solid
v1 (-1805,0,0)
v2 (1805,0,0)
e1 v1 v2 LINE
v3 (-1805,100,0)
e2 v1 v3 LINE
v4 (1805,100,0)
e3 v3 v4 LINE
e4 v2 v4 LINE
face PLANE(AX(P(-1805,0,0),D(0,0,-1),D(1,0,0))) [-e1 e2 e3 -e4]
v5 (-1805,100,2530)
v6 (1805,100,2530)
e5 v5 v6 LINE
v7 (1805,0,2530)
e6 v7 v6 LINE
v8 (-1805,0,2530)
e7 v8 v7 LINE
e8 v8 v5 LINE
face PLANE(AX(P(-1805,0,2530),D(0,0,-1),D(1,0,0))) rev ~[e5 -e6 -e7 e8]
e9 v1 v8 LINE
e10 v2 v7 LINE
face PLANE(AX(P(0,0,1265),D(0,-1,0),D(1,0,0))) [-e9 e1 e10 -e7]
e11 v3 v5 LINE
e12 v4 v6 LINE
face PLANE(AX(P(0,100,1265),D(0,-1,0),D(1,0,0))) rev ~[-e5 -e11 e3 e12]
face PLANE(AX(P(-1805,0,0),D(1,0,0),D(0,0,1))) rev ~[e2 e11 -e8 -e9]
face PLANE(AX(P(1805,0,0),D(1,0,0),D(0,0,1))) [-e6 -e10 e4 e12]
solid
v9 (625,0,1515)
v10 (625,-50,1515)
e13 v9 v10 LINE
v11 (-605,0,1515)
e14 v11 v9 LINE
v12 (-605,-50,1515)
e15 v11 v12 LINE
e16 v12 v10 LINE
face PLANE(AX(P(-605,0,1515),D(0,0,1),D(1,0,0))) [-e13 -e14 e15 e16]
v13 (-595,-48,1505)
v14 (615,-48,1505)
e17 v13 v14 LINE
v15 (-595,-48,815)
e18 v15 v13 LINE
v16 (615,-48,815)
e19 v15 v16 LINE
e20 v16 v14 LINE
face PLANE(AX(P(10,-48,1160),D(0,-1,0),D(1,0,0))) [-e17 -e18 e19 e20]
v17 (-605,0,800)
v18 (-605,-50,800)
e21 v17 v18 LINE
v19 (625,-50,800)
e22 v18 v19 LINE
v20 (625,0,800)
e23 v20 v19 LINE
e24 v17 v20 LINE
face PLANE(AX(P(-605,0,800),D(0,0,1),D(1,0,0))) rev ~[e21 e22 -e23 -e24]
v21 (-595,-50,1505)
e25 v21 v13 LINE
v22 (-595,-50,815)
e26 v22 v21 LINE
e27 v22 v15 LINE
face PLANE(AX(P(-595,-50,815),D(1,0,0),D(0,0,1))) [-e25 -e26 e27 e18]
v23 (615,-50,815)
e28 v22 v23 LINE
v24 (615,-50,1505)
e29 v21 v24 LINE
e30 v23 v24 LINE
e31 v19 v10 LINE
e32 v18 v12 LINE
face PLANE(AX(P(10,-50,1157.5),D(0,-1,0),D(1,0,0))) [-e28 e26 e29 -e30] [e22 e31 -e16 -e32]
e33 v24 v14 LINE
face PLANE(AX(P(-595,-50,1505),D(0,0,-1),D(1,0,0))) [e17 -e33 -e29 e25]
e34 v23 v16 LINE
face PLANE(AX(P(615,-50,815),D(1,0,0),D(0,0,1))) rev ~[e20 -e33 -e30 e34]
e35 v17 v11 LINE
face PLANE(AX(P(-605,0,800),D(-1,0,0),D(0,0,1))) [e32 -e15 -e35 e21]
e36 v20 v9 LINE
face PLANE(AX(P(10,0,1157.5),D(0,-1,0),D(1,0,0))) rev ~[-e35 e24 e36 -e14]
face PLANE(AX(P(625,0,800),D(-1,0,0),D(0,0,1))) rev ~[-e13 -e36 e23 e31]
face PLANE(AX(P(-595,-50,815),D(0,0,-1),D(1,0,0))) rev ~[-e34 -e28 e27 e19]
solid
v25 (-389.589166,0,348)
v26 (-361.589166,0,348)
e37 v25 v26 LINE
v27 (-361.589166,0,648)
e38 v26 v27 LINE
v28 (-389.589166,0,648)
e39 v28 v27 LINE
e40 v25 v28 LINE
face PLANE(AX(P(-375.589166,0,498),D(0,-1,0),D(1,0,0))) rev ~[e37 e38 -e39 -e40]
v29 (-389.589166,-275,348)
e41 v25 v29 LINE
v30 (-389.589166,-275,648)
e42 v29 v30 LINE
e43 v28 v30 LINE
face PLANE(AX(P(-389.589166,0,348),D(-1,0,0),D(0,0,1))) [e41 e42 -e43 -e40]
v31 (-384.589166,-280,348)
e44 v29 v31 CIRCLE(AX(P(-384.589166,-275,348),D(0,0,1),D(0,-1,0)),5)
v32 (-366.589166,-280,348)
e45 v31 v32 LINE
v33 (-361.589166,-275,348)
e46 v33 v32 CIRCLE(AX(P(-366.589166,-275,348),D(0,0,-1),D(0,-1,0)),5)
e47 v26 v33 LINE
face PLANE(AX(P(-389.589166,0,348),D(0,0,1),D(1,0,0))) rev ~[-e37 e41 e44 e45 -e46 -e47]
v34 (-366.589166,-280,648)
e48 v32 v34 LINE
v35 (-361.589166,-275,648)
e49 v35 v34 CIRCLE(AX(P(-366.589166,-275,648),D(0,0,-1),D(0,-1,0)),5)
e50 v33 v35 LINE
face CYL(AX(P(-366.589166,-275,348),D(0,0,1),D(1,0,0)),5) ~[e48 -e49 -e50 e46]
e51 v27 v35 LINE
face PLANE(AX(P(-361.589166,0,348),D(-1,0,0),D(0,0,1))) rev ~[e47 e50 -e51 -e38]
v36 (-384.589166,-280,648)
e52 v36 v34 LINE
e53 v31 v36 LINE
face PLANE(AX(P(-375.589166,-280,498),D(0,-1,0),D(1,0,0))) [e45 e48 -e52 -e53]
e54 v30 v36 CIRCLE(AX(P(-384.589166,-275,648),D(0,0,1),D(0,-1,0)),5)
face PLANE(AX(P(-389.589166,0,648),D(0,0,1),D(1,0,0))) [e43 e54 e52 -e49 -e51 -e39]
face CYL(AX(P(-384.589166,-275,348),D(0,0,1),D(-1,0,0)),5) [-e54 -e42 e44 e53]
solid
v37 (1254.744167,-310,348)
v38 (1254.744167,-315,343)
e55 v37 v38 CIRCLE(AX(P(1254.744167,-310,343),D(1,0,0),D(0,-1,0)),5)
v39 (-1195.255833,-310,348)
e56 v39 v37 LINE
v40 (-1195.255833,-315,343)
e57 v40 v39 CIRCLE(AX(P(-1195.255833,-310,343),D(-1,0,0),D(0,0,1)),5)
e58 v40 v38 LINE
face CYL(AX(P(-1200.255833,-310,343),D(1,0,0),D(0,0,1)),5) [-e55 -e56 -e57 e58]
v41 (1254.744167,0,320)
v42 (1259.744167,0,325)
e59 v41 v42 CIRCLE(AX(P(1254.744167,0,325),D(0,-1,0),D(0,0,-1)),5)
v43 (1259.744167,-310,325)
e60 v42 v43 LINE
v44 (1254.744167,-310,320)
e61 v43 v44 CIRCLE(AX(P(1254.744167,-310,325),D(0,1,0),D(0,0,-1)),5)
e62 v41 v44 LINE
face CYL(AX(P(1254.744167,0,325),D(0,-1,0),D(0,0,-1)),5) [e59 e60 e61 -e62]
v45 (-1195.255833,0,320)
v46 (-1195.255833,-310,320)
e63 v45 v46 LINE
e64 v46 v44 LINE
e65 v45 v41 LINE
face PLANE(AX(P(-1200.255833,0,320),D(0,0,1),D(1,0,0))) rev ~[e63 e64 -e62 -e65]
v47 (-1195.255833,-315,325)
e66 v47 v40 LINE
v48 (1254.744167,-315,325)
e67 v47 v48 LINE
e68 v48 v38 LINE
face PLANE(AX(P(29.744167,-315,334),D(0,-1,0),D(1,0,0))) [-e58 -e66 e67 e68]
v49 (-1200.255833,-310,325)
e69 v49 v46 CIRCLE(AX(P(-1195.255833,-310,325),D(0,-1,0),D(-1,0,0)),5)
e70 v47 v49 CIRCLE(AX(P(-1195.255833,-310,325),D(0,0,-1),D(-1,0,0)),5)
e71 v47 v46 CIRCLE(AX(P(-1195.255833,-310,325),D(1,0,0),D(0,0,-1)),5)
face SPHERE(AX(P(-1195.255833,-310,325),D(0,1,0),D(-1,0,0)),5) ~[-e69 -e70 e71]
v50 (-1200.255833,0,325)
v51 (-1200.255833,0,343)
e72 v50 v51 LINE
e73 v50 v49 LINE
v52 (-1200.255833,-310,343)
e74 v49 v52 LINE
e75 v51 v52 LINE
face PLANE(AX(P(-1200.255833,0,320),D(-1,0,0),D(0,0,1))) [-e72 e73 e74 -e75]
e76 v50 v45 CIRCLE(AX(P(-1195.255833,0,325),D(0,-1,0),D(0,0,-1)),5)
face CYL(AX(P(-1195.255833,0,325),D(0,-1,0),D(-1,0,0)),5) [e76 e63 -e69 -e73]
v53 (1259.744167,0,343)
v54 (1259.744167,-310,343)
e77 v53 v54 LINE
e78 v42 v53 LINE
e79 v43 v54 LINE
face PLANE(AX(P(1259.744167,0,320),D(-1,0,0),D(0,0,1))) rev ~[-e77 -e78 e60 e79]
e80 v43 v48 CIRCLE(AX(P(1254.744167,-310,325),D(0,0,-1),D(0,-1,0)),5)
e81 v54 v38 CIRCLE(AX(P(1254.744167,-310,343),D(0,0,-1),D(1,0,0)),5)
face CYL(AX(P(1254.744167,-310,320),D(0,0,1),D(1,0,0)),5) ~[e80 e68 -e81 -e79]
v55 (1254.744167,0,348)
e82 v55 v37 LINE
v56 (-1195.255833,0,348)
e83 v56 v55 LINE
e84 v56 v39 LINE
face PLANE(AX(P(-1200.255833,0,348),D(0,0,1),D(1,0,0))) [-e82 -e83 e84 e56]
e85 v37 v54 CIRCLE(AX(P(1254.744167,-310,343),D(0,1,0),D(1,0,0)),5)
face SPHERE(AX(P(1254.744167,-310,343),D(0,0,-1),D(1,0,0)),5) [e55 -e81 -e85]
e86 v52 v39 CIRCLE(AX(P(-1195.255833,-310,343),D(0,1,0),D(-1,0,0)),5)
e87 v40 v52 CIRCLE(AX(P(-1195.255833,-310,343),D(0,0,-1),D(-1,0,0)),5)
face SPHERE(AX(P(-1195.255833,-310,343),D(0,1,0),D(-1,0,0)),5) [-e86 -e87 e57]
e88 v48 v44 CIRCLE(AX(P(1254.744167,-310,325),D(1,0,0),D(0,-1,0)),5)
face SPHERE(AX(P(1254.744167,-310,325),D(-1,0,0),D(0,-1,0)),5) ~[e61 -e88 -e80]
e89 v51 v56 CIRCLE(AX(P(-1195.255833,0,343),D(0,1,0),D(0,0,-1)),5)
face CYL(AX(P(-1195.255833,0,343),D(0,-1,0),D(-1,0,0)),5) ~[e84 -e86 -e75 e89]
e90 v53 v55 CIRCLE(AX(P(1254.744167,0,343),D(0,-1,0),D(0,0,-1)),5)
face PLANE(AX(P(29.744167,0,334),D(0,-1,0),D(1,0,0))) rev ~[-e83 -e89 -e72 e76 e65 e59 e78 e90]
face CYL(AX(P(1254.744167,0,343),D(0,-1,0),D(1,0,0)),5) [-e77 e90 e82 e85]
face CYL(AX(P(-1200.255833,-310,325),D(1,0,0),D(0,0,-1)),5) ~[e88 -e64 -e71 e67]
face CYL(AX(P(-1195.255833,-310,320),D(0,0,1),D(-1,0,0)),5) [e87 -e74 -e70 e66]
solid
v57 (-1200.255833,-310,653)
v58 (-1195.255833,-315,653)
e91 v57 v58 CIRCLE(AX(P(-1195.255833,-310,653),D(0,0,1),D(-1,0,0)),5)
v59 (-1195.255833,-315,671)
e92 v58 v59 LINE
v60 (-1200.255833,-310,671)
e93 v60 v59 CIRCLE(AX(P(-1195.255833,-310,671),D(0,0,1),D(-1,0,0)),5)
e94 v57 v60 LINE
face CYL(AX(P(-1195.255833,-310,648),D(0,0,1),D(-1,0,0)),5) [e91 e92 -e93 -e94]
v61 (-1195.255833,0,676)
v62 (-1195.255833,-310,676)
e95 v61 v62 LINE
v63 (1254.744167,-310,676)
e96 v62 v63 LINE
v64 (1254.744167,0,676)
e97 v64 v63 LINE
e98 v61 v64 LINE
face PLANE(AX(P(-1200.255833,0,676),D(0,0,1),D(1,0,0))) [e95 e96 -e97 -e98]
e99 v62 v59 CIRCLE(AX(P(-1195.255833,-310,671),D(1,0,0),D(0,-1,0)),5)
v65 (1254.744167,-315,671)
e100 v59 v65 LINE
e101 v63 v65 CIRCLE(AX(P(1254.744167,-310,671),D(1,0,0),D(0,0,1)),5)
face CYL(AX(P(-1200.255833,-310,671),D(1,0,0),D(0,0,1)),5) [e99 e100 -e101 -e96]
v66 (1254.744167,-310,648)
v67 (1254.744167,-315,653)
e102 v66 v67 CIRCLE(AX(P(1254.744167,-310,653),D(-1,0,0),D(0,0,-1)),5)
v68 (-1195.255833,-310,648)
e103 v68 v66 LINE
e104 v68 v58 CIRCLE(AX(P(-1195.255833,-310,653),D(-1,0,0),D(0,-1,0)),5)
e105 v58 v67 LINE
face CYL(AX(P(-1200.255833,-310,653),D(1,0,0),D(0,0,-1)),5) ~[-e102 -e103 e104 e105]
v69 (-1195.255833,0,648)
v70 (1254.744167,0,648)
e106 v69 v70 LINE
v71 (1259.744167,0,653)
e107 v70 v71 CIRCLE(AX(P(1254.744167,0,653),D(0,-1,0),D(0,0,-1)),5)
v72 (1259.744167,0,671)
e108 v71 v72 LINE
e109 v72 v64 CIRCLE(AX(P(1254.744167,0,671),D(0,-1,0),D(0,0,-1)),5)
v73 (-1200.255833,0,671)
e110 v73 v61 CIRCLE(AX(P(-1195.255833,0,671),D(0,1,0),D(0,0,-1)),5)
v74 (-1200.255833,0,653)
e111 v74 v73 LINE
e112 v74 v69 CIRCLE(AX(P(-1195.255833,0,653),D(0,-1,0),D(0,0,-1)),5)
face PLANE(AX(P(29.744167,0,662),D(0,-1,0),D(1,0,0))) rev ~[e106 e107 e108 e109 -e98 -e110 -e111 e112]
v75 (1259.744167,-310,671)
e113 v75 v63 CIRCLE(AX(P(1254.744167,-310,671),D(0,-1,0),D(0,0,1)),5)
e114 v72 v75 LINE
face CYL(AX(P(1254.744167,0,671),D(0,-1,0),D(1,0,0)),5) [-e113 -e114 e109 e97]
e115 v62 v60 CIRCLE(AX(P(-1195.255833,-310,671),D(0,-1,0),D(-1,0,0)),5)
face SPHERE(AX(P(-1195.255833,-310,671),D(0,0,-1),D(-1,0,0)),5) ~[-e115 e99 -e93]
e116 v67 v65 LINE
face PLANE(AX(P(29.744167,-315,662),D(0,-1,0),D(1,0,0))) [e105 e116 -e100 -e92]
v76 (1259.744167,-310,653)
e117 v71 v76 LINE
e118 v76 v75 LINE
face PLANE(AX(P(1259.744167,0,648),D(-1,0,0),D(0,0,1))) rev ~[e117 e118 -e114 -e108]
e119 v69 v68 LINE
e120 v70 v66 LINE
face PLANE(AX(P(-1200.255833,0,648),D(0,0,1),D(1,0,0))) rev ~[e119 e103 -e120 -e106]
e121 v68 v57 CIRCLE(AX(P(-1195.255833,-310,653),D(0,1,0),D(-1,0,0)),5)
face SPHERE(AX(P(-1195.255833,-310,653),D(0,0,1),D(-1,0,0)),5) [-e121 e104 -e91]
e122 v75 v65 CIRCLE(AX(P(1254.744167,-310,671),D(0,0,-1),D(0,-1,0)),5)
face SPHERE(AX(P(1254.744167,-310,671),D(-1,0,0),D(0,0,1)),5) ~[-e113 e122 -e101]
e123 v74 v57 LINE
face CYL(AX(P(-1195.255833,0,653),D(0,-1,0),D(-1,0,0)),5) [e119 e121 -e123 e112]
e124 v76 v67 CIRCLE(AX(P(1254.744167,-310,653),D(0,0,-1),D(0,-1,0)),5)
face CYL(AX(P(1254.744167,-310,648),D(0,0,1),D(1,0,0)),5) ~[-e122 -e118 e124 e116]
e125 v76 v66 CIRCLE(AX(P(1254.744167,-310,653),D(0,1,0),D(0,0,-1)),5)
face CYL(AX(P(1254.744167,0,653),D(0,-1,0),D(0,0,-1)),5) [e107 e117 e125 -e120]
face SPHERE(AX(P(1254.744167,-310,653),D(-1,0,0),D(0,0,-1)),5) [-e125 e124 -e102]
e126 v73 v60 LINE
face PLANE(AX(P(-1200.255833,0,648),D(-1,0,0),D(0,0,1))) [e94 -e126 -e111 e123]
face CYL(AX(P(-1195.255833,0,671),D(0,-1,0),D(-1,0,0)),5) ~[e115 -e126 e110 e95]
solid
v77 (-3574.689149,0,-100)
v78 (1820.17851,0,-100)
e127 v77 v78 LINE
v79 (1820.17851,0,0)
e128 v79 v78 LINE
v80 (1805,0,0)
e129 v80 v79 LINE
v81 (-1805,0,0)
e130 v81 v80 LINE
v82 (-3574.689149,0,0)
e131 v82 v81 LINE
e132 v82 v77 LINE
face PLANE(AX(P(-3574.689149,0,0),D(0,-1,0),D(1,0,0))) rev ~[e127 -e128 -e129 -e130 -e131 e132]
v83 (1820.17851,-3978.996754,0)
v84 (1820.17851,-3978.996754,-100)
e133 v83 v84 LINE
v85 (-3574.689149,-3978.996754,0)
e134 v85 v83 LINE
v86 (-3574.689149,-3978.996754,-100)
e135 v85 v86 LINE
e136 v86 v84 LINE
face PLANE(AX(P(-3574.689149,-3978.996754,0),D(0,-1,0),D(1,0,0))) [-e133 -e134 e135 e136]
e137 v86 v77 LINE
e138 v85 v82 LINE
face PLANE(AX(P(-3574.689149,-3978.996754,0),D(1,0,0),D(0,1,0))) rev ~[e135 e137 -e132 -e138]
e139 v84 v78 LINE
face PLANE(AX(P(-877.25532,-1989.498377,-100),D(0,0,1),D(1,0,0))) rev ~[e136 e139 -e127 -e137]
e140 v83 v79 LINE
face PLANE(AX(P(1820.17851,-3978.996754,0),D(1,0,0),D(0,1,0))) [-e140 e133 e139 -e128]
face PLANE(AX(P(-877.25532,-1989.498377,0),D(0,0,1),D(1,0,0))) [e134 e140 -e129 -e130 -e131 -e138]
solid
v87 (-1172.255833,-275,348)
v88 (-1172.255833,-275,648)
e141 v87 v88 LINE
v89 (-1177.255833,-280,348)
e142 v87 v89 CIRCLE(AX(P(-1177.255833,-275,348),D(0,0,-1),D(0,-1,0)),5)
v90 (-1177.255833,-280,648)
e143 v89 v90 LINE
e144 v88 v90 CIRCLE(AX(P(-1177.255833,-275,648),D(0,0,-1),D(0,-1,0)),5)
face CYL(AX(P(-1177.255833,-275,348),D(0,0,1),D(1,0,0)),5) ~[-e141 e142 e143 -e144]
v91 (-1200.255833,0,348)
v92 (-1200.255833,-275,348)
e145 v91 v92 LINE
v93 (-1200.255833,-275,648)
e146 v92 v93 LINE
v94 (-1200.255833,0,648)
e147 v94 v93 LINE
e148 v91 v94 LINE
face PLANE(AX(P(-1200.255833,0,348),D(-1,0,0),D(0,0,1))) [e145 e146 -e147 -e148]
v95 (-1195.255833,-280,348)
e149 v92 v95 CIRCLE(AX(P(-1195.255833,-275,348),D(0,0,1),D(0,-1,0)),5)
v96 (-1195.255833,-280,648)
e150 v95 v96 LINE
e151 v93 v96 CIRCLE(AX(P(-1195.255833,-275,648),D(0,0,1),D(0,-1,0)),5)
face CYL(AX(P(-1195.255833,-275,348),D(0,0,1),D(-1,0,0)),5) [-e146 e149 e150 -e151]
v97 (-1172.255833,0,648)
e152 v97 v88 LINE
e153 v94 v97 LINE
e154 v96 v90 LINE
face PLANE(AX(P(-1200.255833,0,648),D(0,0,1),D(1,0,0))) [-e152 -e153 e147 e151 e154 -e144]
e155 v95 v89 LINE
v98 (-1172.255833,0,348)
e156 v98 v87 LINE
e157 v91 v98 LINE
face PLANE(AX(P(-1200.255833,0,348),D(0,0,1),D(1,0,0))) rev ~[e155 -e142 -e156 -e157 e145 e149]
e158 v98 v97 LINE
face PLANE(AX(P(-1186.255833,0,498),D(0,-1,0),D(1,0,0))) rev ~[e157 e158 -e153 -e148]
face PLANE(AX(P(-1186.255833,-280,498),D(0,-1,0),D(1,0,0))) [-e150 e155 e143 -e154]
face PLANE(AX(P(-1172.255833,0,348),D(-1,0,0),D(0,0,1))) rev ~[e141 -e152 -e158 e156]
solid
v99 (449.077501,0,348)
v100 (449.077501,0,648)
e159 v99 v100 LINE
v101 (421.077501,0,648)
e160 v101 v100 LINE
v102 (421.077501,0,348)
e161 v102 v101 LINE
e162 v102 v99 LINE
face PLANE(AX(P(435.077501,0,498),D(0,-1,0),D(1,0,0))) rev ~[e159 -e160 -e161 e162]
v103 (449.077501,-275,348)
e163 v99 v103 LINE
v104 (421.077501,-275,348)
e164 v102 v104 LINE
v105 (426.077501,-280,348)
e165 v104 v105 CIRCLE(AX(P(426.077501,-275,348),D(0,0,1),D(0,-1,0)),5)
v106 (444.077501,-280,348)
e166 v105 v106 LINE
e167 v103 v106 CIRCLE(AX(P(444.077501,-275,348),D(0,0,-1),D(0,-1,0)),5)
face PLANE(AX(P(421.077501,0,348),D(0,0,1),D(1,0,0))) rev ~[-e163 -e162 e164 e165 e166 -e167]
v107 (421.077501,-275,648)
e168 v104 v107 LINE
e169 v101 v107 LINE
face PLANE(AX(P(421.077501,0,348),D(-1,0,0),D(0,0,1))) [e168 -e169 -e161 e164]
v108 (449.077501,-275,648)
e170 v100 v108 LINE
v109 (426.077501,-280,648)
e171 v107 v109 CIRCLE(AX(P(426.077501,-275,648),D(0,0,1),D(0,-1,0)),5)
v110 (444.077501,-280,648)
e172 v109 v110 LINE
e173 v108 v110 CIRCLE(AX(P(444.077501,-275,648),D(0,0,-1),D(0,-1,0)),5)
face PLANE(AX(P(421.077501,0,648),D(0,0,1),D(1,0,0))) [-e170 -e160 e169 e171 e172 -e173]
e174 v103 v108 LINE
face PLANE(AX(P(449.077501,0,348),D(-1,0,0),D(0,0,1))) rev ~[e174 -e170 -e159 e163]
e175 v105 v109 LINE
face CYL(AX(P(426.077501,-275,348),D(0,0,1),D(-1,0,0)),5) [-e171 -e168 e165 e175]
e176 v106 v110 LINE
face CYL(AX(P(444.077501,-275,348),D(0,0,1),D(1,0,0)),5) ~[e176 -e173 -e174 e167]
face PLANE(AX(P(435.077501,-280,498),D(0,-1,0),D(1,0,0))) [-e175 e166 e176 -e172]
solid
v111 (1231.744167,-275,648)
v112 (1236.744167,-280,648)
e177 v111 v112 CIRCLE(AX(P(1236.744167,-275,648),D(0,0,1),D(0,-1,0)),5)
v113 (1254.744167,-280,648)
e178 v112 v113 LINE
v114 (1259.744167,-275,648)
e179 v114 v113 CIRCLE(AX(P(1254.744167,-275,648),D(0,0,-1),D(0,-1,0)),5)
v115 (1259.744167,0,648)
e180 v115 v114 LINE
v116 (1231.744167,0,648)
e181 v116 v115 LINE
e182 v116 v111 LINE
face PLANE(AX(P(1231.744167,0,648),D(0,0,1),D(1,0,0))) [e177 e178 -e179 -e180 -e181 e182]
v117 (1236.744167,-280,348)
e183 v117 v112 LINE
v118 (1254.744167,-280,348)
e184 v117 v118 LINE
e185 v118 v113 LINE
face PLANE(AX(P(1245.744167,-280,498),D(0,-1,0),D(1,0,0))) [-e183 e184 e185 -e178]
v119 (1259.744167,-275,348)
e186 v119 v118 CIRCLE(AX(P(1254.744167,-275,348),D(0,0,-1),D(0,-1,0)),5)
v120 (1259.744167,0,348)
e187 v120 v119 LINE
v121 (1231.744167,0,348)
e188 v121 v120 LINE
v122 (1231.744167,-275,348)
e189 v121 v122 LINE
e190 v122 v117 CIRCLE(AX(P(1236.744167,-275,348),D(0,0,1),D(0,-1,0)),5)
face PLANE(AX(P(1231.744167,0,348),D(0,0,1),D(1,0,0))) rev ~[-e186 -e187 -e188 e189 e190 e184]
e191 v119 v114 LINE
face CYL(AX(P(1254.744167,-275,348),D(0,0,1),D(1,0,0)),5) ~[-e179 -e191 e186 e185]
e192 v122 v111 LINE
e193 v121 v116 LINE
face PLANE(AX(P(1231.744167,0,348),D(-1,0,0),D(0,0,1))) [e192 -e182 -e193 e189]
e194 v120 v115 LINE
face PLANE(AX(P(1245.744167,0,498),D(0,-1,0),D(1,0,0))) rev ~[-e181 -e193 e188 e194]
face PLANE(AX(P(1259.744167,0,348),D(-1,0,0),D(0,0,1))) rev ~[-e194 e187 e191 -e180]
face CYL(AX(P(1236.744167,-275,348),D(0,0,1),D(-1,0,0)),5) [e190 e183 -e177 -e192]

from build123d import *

# Parameters (mm, degrees)
F0_W      = 3610
F0_H      = 2530
F1_DEPTH  = 100
F2_W      = 5394.867659
F2_H      = 3978.996754
F3_DEPTH  = 100
F4_W      = 1230
F4_H      = 715
F5_DEPTH  = 50
F6_W      = 1210
F6_H      = 690
F7_DEPTH  = 2
F8_W      = 2460
F8_H      = 28
F9_DEPTH  = 315
F10_W     = 28
F10_H     = 300
F11_DEPTH = 280
F12_R     = 5
F13_R     = 5


with BuildPart() as f1:
    # F0 (on Front) → F1 (new body)
    with BuildSketch(Plane.XZ):
        with Locations((0, 1265)):
            Rectangle(F0_W, F0_H)
    extrude(amount=-F1_DEPTH)

    # F2 (on Top) → F3 (join)
    with BuildSketch(Plane.XY):
        with Locations((-877.25532, -1989.498377)):
            Rectangle(F2_W, F2_H)
    extrude(amount=-F3_DEPTH)


with BuildPart() as f5:
    # F4 (on face) → F5 (new body)
    with BuildSketch(Plane.XZ):
        with Locations((10, 1157.5)):
            Rectangle(F4_W, F4_H)
    extrude(amount=F5_DEPTH)

    # F6 (on face) → F7 (cut)
    with BuildSketch(Plane.XZ.offset(50)):
        with Locations((10, 1160)):
            Rectangle(F6_W, F6_H)
    extrude(amount=-F7_DEPTH, mode=Mode.SUBTRACT)


with BuildPart() as f9:
    # F8 (on face) → F9 (new body)
    with BuildSketch(Plane.XZ):
        with Locations((29.744167, 662)):
            Rectangle(F8_W, F8_H)
        with Locations((29.744167, 334)):
            Rectangle(F8_W, F8_H)
    extrude(amount=F9_DEPTH)

    # F12
    f12_edges = [f9.edges().sort_by_distance(p)[0] for p in [
        (-1200.255833, -315, 662),
        (-1200.255833, -157.5, 676),
        (-1200.255833, -157.5, 648),
        (29.744167, -315, 648),
        (29.744167, -315, 676),
        (-1200.255833, -157.5, 348),
        (-1200.255833, -157.5, 320),
        (-1200.255833, -315, 334),
        (29.744167, -315, 320),
        (1259.744167, -157.5, 676),
        (1259.744167, -315, 334),
        (1259.744167, -157.5, 320),
        (1259.744167, -157.5, 348),
        (1259.744167, -157.5, 648),
        (1259.744167, -315, 662),
        (29.744167, -315, 348),
    ]]
    fillet(f12_edges, radius=F12_R)


with BuildPart() as f11:
    # F10 (on face) → F11 (new body)
    with BuildSketch(Plane.XZ):
        with Locations((-1186.255833, 498)):
            Rectangle(F10_W, F10_H)
        with Locations((1245.744167, 498)):
            Rectangle(F10_W, F10_H)
        with Locations((-375.589166, 498)):
            Rectangle(F10_W, F10_H)
        with Locations((435.077501, 498)):
            Rectangle(F10_W, F10_H)
    extrude(amount=F11_DEPTH)

    # F13
    f13_edges = [f11.edges().sort_by_distance(p)[0] for p in [
        (-1200.255833, -280, 498),
        (-389.589166, -280, 498),
        (1231.744167, -280, 498),
        (-1172.255833, -280, 498),
        (-361.589166, -280, 498),
        (1259.744167, -280, 498),
        (421.077501, -280, 498),
        (449.077501, -280, 498),
    ]]
    fillet(f13_edges, radius=F13_R)


solid = Compound([f1.part, f5.part, f9.part, f11.part])
